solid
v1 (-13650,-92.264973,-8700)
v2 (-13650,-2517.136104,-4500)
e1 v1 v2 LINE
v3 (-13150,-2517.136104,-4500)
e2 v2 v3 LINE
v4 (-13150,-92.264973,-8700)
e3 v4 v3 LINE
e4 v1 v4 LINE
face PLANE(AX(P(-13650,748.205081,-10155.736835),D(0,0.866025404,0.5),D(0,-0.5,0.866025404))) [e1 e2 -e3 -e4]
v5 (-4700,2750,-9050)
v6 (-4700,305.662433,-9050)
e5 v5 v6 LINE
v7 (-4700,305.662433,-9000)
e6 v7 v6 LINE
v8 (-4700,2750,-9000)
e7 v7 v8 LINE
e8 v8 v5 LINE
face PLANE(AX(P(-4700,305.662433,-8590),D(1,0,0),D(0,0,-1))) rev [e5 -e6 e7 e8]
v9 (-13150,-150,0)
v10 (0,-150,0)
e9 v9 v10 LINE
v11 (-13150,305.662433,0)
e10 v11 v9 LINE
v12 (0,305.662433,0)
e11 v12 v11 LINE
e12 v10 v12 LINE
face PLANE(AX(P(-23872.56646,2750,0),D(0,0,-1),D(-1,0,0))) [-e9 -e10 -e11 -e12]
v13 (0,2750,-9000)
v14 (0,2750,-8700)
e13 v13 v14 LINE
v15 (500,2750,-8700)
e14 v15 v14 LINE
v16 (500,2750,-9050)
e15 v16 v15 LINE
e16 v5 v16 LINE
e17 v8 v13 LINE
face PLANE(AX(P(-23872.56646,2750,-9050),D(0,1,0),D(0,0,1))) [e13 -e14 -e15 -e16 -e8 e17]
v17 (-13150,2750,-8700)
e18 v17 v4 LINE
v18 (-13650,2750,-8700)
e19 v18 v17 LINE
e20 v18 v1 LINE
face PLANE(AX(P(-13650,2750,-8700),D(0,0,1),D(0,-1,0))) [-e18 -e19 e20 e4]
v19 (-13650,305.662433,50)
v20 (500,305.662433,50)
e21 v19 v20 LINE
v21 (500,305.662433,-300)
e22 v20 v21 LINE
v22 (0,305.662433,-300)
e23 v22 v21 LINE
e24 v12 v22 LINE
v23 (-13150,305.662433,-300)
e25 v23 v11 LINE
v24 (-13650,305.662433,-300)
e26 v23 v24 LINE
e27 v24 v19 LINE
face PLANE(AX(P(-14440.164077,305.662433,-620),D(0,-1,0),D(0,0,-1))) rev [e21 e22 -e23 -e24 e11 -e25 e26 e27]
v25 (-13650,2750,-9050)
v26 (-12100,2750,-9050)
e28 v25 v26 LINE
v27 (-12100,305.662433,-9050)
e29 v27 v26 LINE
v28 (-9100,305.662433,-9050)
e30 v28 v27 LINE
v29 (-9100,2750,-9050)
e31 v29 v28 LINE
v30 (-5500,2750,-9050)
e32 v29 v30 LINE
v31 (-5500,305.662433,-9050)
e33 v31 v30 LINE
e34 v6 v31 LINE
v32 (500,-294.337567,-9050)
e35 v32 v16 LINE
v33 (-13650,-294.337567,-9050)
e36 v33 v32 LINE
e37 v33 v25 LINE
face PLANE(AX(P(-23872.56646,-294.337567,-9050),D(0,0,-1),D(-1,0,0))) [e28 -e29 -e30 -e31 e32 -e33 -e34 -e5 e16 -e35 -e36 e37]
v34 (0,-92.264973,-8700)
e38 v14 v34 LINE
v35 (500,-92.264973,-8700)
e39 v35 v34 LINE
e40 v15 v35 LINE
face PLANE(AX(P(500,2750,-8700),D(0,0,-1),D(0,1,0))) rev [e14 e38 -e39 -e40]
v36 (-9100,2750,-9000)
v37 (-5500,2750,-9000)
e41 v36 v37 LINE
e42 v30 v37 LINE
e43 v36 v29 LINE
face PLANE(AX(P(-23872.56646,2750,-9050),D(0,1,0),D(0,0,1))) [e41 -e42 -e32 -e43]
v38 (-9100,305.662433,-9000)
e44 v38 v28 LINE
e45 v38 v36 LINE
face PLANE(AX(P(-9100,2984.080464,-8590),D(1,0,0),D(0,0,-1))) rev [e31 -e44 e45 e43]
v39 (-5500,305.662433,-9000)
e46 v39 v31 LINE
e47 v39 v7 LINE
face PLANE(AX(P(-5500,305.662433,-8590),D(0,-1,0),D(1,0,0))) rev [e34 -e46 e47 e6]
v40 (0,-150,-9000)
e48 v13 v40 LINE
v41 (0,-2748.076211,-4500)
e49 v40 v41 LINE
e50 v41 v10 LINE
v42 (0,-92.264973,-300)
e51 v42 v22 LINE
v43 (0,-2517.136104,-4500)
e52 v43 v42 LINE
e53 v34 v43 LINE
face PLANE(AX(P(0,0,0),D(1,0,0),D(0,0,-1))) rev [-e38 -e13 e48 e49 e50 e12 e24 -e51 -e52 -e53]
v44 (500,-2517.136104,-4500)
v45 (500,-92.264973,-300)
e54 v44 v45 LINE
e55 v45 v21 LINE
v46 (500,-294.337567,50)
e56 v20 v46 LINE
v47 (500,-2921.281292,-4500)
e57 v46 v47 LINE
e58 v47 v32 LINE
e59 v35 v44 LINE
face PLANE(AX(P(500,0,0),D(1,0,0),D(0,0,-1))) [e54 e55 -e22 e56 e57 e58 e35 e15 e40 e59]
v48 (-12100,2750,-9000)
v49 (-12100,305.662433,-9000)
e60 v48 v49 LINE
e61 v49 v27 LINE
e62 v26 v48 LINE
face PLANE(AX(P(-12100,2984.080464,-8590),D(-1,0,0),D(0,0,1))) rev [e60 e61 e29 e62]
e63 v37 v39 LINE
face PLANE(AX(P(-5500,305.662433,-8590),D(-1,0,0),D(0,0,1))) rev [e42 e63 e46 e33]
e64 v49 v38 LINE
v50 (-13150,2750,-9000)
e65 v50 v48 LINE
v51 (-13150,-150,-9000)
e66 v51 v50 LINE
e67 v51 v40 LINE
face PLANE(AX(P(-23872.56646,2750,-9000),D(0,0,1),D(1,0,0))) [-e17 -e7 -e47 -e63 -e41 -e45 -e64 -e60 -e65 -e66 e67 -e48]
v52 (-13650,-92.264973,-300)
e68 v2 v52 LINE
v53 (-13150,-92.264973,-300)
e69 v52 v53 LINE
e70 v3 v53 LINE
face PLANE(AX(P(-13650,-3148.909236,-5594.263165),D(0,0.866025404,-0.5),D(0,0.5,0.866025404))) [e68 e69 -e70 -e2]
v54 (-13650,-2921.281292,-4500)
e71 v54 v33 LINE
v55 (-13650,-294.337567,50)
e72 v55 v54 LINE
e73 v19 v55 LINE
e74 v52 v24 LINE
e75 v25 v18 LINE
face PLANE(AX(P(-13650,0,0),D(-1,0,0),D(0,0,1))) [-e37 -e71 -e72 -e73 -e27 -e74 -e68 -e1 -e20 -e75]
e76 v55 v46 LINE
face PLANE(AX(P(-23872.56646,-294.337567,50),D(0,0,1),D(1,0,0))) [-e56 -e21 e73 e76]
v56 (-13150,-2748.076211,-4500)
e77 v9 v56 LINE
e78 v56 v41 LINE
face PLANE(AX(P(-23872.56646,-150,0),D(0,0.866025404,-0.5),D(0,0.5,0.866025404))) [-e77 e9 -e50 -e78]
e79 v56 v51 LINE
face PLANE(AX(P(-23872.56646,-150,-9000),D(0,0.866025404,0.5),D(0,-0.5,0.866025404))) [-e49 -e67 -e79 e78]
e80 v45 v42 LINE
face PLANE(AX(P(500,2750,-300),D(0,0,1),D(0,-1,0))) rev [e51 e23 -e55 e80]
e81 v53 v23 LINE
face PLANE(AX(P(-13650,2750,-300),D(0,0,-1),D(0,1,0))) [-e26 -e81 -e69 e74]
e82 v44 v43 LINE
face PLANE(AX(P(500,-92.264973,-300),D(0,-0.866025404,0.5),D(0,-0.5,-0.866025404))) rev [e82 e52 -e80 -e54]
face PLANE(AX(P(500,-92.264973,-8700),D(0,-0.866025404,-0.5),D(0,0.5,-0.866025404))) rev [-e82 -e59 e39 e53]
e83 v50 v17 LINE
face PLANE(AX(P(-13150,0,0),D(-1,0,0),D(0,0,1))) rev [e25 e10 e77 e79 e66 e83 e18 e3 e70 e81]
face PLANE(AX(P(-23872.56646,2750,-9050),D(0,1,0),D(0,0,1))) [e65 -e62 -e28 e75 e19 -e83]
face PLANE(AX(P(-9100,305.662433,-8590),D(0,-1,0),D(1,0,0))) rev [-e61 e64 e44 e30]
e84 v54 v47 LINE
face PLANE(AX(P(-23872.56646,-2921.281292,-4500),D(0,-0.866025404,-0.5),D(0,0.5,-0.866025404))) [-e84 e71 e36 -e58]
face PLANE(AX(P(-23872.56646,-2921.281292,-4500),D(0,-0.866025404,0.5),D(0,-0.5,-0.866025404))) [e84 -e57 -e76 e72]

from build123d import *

# Parameters (mm, degrees)
EXTRUDE_1_DEPTH     = 13150
EXTRUDE_2_DEPTH     = 500
EXTRUDE_START       = -13150
EXTRUDE_3_DEPTH     = 500
SKETCH_4_W          = 800
SKETCH_4_H          = 2702.478260032
SKETCH_4_W_2        = 3000
SKETCH_4_H_2        = 2678.418031008
CUT_EXTRUDE_2_DEPTH = 460
SKETCH_7_W          = 15709.854083563
SKETCH_7_H          = 3227.507192375
CUT_EXTRUDE_4_DEPTH = 670


with BuildPart() as part:
    # Эскиз2 → Бобышка-Вытянуть1 (new body)
    with BuildSketch(Plane(origin=(0, 0, 0), x_dir=(0, 0, -1), z_dir=(1, 0, 0))):
        Polygon((4500, -2921.28129211), (9050, -294.337567297), (9050, 2750), (9000, 2750), (9000, -150), (4500, -2748.076211353), (0, -150), (0, 2750), (-50, 2750), (-50, -294.337567297), align=None)
    extrude(amount=-EXTRUDE_1_DEPTH)

    # Эскиз5 → Бобышка-Вытянуть2 (add)
    with BuildSketch(Plane(origin=(0, 0, 0), x_dir=(0, 0, -1), z_dir=(1, 0, 0))):
        Polygon((-50, 2750), (-50, -294.337567297), (4500, -2921.28129211), (9050, -294.337567297), (9050, 2750), (8700, 2750), (8700, -92.264973081), (4500, -2517.136103677), (300, -92.264973081), (300, 2750), align=None)
    extrude(amount=EXTRUDE_2_DEPTH)

    # Эскиз5<2> → Бобышка-Вытянуть3 (add)
    with BuildSketch(Plane(origin=(0, 0, 0), x_dir=(0, 0, -1), z_dir=(1, 0, 0)).offset(EXTRUDE_START)):
        Polygon((-50, 2750), (-50, -294.337567297), (4500, -2921.28129211), (9050, -294.337567297), (9050, 2750), (8700, 2750), (8700, -92.264973081), (4500, -2517.136103677), (300, -92.264973081), (300, 2750), align=None)
    extrude(amount=-EXTRUDE_3_DEPTH)

    # Эскиз4 → Вырез-Вытянуть2 (cut)
    with BuildSketch(Plane(origin=(0, 0, -9050), x_dir=(-1, 0, 0), z_dir=(0, 0, -1))):
        with Locations((5100, 1656.901562719)):
            Rectangle(SKETCH_4_W, SKETCH_4_H)
        with Locations((10600, 1644.871448207)):
            Rectangle(SKETCH_4_W_2, SKETCH_4_H_2)
    extrude(amount=-CUT_EXTRUDE_2_DEPTH, mode=Mode.SUBTRACT)

    # Эскиз7 → Вырез-Вытянуть4 (cut)
    with BuildSketch(Plane.XY.offset(50)):
        with Locations((-6585.237035545, 1919.416028891)):
            Rectangle(SKETCH_7_W, SKETCH_7_H)
    extrude(amount=-CUT_EXTRUDE_4_DEPTH, mode=Mode.SUBTRACT)


solid = part.part
